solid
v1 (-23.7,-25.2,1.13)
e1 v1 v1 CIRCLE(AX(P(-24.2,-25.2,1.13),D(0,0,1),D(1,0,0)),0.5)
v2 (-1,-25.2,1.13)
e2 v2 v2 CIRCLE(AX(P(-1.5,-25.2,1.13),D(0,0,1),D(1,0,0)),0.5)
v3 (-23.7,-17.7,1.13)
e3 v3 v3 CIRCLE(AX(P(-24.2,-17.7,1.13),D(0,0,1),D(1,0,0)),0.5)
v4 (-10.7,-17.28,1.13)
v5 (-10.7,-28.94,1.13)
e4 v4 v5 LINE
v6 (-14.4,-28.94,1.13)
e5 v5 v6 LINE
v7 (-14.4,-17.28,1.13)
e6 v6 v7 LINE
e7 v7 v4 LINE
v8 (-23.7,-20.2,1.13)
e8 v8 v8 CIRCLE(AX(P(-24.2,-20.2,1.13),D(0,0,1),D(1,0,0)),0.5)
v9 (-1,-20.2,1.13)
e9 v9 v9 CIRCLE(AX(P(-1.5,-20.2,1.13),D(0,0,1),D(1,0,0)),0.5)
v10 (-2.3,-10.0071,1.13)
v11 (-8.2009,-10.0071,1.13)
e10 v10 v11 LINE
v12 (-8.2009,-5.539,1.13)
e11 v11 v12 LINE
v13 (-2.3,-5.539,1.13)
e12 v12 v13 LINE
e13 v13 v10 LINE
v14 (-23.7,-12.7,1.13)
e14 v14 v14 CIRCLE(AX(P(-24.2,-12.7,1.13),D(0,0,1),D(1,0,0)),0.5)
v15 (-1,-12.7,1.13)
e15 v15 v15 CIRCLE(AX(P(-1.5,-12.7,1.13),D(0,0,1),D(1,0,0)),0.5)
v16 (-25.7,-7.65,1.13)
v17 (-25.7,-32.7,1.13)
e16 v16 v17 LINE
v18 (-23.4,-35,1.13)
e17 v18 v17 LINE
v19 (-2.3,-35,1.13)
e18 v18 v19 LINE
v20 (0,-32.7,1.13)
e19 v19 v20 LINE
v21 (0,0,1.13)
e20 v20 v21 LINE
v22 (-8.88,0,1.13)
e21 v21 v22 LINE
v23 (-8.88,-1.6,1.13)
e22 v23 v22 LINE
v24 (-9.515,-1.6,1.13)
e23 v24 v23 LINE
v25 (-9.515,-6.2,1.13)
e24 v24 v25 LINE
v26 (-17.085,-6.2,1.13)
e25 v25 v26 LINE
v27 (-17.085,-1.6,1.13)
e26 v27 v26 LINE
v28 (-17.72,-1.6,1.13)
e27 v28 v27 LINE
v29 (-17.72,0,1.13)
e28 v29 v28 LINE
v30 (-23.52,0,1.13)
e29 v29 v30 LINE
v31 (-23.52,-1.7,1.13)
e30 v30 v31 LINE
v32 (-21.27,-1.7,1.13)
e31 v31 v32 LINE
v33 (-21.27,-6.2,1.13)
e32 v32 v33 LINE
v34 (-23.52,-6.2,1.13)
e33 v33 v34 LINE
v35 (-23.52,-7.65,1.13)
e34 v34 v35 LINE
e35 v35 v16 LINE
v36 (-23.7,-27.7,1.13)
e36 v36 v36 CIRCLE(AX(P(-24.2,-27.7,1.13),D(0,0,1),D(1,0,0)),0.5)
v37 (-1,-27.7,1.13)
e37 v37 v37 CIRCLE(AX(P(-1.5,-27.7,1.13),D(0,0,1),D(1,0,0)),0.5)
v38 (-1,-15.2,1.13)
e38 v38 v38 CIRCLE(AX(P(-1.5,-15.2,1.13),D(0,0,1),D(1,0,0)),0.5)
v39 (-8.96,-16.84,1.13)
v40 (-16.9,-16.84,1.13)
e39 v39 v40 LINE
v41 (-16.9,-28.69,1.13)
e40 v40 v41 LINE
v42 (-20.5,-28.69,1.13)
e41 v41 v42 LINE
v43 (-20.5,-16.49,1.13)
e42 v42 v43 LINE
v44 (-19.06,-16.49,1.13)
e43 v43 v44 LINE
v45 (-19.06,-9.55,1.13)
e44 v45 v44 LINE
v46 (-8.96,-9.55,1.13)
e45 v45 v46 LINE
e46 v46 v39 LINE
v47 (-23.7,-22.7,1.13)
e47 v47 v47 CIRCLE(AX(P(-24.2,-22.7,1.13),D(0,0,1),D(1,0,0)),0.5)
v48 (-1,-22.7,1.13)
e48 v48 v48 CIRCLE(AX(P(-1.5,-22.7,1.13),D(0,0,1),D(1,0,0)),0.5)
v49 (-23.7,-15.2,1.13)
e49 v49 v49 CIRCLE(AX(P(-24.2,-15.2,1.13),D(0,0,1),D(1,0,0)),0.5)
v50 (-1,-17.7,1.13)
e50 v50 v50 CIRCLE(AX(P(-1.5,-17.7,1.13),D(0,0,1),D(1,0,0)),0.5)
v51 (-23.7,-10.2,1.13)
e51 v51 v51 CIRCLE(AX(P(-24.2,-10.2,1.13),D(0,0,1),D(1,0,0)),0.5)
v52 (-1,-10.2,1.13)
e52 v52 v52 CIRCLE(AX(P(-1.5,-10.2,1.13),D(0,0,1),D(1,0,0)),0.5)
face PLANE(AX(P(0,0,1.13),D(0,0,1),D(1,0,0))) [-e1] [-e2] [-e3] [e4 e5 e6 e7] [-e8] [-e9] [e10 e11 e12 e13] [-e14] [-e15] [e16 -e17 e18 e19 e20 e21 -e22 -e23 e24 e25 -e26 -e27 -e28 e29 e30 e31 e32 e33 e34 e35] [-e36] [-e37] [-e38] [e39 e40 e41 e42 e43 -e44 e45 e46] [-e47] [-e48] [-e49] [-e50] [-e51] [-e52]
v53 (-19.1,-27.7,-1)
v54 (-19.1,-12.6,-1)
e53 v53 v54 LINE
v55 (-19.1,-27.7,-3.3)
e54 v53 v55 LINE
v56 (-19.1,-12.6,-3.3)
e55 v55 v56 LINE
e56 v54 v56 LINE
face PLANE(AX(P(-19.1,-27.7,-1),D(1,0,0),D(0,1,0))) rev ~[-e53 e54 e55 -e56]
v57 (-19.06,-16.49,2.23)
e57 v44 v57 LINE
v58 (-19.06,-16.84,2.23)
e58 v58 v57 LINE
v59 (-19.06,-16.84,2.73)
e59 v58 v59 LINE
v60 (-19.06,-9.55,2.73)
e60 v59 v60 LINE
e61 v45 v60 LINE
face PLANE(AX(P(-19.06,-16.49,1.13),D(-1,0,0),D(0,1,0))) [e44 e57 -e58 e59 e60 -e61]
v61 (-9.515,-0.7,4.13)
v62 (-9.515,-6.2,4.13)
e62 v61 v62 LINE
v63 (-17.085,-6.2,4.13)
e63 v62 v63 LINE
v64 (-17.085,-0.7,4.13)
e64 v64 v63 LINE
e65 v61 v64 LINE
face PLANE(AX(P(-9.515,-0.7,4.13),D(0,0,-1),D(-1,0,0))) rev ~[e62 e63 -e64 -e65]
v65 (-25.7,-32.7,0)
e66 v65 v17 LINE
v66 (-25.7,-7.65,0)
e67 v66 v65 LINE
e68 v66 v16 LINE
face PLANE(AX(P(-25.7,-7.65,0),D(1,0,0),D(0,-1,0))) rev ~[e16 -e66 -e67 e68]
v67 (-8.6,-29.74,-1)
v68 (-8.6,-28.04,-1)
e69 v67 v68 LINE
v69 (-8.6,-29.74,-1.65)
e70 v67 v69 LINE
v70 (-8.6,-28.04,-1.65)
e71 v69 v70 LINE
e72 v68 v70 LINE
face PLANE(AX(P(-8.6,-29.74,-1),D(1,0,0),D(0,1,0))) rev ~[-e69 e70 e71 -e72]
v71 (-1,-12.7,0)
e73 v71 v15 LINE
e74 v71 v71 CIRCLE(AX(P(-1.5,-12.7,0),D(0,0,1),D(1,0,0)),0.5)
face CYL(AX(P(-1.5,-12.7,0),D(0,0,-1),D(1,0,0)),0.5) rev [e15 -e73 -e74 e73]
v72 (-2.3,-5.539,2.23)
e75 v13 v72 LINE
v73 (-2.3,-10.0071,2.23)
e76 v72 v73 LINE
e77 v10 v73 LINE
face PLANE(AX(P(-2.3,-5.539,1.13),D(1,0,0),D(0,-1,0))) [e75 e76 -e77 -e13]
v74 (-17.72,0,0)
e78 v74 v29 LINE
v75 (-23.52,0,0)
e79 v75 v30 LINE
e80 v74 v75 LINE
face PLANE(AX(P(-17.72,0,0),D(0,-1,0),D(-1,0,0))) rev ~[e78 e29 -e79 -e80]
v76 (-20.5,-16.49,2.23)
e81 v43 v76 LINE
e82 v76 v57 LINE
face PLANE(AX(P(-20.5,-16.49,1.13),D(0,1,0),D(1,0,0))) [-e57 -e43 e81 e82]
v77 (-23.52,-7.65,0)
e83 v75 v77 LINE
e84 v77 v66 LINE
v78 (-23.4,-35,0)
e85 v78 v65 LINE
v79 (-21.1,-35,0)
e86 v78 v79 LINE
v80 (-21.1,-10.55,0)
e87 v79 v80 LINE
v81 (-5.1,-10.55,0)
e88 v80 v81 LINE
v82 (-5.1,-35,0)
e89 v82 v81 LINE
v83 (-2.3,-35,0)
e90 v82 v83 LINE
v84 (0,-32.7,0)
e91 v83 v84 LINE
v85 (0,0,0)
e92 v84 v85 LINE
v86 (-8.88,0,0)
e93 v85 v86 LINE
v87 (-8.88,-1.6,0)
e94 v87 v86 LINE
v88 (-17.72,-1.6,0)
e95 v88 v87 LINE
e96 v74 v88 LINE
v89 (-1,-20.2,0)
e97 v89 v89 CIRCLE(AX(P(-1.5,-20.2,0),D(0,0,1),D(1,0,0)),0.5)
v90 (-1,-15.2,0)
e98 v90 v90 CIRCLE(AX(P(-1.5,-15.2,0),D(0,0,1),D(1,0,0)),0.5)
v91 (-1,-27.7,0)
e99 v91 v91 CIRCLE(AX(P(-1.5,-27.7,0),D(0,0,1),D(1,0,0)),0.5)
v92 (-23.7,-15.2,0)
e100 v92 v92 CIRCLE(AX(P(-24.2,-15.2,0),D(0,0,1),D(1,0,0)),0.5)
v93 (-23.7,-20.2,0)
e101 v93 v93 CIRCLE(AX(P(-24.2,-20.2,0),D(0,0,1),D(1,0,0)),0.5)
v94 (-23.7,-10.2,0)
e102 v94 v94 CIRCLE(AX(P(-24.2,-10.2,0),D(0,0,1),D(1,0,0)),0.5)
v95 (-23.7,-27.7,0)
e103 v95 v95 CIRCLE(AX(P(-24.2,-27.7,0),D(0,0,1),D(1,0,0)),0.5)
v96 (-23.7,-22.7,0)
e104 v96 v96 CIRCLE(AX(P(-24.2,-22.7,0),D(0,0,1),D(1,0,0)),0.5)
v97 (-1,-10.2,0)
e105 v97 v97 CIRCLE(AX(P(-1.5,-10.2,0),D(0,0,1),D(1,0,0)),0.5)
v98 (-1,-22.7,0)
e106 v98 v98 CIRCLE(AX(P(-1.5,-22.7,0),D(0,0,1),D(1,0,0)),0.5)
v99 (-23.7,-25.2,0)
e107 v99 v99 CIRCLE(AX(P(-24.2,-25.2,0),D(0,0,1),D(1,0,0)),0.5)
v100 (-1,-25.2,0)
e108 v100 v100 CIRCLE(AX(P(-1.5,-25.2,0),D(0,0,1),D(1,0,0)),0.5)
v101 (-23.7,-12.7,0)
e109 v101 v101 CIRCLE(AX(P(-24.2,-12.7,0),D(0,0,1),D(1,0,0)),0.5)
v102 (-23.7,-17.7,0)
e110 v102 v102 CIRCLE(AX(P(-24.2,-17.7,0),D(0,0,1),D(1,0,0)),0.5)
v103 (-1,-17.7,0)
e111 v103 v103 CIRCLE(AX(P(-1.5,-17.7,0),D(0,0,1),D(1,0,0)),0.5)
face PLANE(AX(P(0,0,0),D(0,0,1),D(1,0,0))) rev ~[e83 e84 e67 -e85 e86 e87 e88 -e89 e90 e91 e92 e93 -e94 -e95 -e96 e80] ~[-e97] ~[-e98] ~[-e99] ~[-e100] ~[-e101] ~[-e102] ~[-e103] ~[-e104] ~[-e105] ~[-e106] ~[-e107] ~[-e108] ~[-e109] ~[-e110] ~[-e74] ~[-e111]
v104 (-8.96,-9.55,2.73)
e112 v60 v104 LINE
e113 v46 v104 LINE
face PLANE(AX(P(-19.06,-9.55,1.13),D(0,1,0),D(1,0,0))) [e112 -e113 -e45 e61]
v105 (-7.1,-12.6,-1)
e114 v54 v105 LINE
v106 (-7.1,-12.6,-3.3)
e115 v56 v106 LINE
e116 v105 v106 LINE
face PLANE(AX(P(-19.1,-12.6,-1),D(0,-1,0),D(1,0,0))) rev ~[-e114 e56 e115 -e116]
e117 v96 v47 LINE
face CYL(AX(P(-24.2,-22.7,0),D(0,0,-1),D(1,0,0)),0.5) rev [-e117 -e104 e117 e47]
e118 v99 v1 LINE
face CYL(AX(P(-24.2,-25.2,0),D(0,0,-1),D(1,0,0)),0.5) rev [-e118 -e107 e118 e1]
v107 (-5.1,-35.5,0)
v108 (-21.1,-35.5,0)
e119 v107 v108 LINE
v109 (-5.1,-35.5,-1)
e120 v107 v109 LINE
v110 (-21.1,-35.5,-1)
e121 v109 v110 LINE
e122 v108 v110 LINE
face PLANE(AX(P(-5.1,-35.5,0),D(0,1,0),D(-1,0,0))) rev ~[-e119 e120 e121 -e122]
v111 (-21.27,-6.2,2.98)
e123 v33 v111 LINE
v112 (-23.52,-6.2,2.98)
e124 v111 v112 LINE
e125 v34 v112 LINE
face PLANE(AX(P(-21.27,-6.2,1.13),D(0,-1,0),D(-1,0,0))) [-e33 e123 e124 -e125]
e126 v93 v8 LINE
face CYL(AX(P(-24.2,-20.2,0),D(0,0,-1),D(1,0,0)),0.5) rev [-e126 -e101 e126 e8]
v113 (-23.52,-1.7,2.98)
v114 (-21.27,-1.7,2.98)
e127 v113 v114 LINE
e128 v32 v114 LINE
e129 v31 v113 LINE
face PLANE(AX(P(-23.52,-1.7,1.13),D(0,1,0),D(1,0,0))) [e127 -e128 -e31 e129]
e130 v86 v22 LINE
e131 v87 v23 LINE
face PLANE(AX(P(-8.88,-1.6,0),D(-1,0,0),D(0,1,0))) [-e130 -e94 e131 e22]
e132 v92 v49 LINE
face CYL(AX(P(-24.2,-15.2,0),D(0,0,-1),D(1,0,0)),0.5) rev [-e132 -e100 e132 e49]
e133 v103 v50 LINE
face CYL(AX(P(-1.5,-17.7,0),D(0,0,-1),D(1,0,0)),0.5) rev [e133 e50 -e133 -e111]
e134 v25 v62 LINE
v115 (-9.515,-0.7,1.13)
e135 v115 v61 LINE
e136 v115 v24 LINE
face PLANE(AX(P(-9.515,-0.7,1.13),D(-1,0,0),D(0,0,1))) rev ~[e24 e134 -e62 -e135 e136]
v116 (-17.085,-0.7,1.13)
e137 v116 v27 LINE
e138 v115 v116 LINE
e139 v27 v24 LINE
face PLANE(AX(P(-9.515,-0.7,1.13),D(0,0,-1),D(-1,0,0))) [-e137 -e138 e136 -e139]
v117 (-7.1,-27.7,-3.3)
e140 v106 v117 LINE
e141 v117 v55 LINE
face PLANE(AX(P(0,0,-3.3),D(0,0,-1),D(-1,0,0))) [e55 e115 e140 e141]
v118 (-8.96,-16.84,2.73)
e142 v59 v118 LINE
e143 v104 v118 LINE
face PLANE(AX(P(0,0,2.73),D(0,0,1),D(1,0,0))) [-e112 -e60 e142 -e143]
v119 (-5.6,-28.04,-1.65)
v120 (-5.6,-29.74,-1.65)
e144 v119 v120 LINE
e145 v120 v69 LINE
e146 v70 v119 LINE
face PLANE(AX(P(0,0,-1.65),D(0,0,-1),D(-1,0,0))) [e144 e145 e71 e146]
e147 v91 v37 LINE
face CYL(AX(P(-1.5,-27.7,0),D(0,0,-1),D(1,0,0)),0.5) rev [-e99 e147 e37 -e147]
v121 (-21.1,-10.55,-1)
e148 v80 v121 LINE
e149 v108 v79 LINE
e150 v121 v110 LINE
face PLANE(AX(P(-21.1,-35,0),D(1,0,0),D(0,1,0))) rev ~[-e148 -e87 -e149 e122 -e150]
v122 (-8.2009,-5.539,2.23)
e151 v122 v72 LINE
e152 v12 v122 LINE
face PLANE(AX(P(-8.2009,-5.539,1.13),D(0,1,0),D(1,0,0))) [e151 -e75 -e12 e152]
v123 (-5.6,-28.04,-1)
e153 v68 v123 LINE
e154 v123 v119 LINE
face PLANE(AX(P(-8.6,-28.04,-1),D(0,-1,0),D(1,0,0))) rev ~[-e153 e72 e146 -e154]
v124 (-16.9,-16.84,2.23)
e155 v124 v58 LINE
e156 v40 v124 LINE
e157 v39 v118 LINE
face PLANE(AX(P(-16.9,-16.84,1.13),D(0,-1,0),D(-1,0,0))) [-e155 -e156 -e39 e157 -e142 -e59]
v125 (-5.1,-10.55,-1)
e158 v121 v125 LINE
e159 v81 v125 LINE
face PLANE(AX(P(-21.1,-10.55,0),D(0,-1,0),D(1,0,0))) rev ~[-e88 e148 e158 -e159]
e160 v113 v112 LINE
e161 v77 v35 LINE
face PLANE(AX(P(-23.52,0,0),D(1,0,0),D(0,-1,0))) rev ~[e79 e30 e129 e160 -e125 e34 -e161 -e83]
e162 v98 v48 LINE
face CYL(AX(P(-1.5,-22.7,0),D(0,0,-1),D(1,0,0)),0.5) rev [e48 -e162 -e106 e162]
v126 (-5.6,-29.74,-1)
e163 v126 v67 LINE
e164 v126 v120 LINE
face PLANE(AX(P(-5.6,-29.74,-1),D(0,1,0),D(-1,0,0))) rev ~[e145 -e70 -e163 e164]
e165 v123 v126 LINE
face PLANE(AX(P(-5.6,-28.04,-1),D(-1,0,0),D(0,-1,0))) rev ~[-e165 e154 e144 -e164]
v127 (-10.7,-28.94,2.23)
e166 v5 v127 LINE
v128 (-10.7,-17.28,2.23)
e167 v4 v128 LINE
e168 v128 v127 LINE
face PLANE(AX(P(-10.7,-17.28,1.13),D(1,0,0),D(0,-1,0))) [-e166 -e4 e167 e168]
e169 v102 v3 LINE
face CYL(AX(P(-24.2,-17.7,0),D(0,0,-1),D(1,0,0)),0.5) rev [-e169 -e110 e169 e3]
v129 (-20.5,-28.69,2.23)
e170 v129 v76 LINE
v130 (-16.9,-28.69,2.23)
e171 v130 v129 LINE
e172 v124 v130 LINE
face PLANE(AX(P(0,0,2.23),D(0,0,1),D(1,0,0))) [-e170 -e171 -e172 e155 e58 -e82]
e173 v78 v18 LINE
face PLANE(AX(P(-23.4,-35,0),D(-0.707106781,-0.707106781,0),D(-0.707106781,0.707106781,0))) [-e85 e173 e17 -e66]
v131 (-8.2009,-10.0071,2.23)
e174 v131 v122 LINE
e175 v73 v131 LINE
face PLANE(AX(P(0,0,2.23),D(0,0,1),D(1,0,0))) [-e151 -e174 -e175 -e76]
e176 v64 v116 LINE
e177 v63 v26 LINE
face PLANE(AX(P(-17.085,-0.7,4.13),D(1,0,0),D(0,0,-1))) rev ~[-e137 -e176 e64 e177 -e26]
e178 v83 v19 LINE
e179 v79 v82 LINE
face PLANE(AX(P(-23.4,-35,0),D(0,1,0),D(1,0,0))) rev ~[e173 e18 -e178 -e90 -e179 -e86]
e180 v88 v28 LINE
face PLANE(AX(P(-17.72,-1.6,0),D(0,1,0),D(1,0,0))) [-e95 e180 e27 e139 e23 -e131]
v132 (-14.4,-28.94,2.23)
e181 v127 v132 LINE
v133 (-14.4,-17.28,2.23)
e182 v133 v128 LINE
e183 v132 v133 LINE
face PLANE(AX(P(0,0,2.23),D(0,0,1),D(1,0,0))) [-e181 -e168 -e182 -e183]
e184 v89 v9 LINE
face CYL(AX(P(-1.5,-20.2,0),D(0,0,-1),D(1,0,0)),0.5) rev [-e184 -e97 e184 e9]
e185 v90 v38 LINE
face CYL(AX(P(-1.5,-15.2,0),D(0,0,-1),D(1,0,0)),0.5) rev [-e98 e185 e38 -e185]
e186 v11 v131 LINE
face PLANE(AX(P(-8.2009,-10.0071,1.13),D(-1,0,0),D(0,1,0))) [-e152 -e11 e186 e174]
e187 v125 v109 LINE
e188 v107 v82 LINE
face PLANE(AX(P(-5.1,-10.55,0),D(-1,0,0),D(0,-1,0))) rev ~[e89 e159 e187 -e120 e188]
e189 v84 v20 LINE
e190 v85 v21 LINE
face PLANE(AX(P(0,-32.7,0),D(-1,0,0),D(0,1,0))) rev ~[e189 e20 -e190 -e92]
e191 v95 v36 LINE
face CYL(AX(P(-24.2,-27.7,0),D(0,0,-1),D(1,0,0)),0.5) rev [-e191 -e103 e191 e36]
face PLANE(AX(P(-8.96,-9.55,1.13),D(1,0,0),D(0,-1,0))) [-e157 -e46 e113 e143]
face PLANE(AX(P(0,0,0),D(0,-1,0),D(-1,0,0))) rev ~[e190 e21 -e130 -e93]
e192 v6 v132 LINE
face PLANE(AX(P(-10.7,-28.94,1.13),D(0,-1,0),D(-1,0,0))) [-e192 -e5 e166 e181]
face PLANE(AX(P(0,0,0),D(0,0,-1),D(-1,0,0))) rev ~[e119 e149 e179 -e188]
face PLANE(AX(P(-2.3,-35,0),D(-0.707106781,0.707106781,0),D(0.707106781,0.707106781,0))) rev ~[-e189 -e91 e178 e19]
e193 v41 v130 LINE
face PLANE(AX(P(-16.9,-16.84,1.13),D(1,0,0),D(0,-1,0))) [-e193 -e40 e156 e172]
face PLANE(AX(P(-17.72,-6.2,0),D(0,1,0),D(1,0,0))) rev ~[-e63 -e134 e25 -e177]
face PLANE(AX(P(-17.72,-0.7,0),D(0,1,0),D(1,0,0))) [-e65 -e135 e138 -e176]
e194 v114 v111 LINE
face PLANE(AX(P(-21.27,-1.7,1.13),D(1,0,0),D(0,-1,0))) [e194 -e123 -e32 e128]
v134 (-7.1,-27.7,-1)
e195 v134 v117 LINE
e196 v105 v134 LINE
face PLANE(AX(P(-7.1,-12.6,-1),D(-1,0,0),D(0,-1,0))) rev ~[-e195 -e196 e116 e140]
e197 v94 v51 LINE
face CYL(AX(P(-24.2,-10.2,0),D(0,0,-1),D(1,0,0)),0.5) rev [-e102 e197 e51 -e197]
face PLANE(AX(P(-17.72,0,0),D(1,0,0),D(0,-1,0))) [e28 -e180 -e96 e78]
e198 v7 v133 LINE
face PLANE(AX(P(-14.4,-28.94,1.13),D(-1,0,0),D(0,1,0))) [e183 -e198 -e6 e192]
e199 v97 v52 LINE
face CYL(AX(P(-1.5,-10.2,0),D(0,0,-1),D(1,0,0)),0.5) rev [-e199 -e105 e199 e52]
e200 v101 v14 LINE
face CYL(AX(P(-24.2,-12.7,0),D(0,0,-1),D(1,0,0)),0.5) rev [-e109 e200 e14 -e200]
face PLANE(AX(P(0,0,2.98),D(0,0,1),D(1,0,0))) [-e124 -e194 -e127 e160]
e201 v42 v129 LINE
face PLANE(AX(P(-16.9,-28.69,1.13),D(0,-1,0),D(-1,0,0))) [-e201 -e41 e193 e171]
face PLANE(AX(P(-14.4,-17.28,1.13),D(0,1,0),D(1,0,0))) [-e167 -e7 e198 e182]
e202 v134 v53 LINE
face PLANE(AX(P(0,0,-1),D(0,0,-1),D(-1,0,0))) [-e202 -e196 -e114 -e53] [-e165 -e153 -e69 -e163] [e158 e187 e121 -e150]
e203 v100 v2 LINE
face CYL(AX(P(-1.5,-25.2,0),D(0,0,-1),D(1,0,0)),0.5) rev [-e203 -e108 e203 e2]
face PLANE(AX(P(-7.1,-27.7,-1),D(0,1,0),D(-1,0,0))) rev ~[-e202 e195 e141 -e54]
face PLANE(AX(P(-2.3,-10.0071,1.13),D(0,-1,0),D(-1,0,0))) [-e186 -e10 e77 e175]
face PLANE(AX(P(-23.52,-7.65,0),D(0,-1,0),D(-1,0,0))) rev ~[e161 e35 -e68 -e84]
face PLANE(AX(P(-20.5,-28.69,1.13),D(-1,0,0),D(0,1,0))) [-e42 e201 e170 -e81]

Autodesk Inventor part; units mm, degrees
ref_plane "YZ Plane" through (0, 0, 0) normal (1, 0, 0) x (0, 1, 0)
ref_plane "XZ Plane" through (0, 0, 0) normal (0, 1, 0) x (-1, 0, 0)
ref_plane "XY Plane" through (0, 0, 0) normal (0, 0, 1) x (1, 0, 0)
sketch "Sketch1" plane through (0, 0, 0) normal (0, 0, 1) x (1, 0, 0)
  line L0 (0, 0) -> (-25.7, 0)
  line L1 (-25.7, 0) -> (-25.7, -35)
  line L2 (-25.7, -35) -> (0, -35)
  line L3 (0, -35) -> (0, 0)
  line L4 (-25.7, 0) -> (-23.52, 0)
  line L5 (-23.52, 0) -> (-23.52, -7.65)
  line L6 (-23.52, -7.65) -> (-25.7, -7.65)
  line L7 (-25.7, -7.65) -> (-25.7, 0)
  line L8 (-8.88, 0) -> (-17.72, 0)
  line L9 (-17.72, 0) -> (-17.72, -1.6)
  line L10 (-17.72, -1.6) -> (-8.88, -1.6)
  line L11 (-8.88, -1.6) -> (-8.88, 0)
  circle A0 centre (-24.2, -27.7) radius 0.5
  circle A1 centre (-24.2, -25.2) radius 0.5
  circle A2 centre (-24.2, -22.7) radius 0.5
  circle A3 centre (-24.2, -20.2) radius 0.5
  circle A4 centre (-24.2, -17.7) radius 0.5
  circle A5 centre (-24.2, -15.2) radius 0.5
  circle A6 centre (-24.2, -12.7) radius 0.5
  circle A7 centre (-24.2, -10.2) radius 0.5
  line L12 (-12.85, -35) -> (-12.85, 0) construction
  circle A8 centre (-1.5, -27.7) radius 0.5
  circle A9 centre (-1.5, -25.2) radius 0.5
  circle A10 centre (-1.5, -22.7) radius 0.5
  circle A11 centre (-1.5, -20.2) radius 0.5
  circle A12 centre (-1.5, -17.7) radius 0.5
  circle A13 centre (-1.5, -15.2) radius 0.5
  circle A14 centre (-1.5, -12.7) radius 0.5
  circle A15 centre (-1.5, -10.2) radius 0.5
  line L13 (-23.4, -35) -> (-25.7, -32.7)
  line L14 (-2.3, -35) -> (0, -32.7)
  dimension "d0" = 25.7
  dimension "d1" = 35
  dimension "d4" = 2.18
  dimension "d5" = 7.65
  dimension "d7" = 5.8
  dimension "d8" = 8.88
  dimension "d9" = 1.6
  dimension "d10" = 1
  dimension "d11" = 1.5
  dimension "d12" = 7.3
  dimension "d15" = 2.5
  dimension "d20" = 2.3
  dimension "d21" = 2.3
extrude "Extrusion2" add sketch "Sketch1" along normal blind 1.13 contours L3 L14 L2 L13 L1 L6 L5 L0 L9 L10 L11
ref_plane "Work Plane1" through (-17.72, -0.7, 0) normal (0, 1, 0) x (1, 0, 0)
sketch "Sketch2" plane through (-17.72, -0.7, 0) normal (0, 1, 0) x (1, 0, 0)
  line L0 (8.84, 0) -> (0, 0) projected
  line L1 (0, 0) -> (0, -1.13) projected
  line L2 (8.84, -1.13) -> (0, -1.13) projected
  line L3 (8.84, 0) -> (8.84, -1.13) projected
  line L4 (8.205, -4.13) -> (0.635, -4.13)
  line L5 (0.635, -4.13) -> (0.635, -1.13)
  line L6 (0.635, -1.13) -> (8.205, -1.13)
  line L7 (8.205, -1.13) -> (8.205, -4.13)
  point P0 (17.72, 0)
  point P1 (4.42, -4.13)
  point P2 (4.42, -1.13)
  dimension "d25" = 7.57
  dimension "d26" = 3
  dimension "d27" = 0
  dimension "d28" = 0
extrude "Extrusion3" add sketch "Sketch2" against normal blind 5.5 contours L7 L4 L5 L2
sketch "Sketch3" plane through (0, 0, 0) normal (0, 0, -1) x (-1, 0, 0)
  line L0 (21.1, -10.55) -> (5.1, -10.55)
  line L1 (5.1, -10.55) -> (5.1, -35.5)
  line L2 (5.1, -35.5) -> (21.1, -35.5)
  line L3 (21.1, -35.5) -> (21.1, -10.55)
  line L4 (0, 0) -> (8.88, 0) projected
  line L5 (0, -32.7) -> (0, 0) projected
  line L6 (23.4, -35) -> (2.3, -35) projected
  point P0 (5.1, -35)
  point P1 (21.1, -35)
  dimension "d31" = 10.55
  dimension "d32" = 16
  dimension "d33" = 5.1
  dimension "d34" = 0.5
extrude "Extrusion4" add sketch "Sketch3" along normal blind 1
sketch "Sketch4" plane through (0, 0, -1) normal (0, 0, -1) x (-1, 0, 0)
  line L0 (19.1, -12.6) -> (7.1, -12.6)
  line L1 (7.1, -12.6) -> (7.1, -27.7)
  line L2 (7.1, -27.7) -> (19.1, -27.7)
  line L3 (19.1, -27.7) -> (19.1, -12.6)
  line L4 (5.1, -35.5) -> (21.1, -35.5) projected
  line L5 (21.1, -35.5) -> (21.1, -10.55) projected
  point P0 (0, 0)
  dimension "d37" = 12
  dimension "d38" = 15.1
  dimension "d39" = 7.8
  dimension "d40" = 2
extrude "Extrusion5" add sketch "Sketch4" along normal blind 2.3
sketch "Sketch5" plane through (0, 0, 1.13) normal (0, 0, 1) x (1, 0, 0)
  line L0 (-23.52, 0) -> (-23.52, -7.65) projected
  line L1 (-23.52, -1.7) -> (-21.27, -1.7)
  line L2 (-21.27, -1.7) -> (-21.27, -6.2)
  line L3 (-21.27, -6.2) -> (-23.52, -6.2)
  line L4 (-23.52, -6.2) -> (-23.52, -1.7)
  line L5 (-17.72, 0) -> (-23.52, 0) projected
  line L6 (-20.5, -16.49) -> (-16.9, -16.49)
  line L7 (-16.9, -16.49) -> (-16.9, -28.69)
  line L8 (-16.9, -28.69) -> (-20.5, -28.69)
  line L9 (-20.5, -28.69) -> (-20.5, -16.49)
  line L10 (-23.4, -35) -> (-2.3, -35) projected
  line L11 (-25.7, -7.65) -> (-25.7, -32.7) projected
  line L12 (-19.06, -9.55) -> (-8.96, -9.55)
  line L13 (-8.96, -9.55) -> (-8.96, -16.84)
  line L14 (-8.96, -16.84) -> (-19.06, -16.84)
  line L15 (-19.06, -16.84) -> (-19.06, -9.55)
  line L16 (-5.1, -35.5) -> (-21.1, -35.5) projected
  line L17 (-14.4, -17.28) -> (-10.7, -17.28)
  line L18 (-10.7, -17.28) -> (-10.7, -28.94)
  line L19 (-10.7, -28.94) -> (-14.4, -28.94)
  line L20 (-14.4, -28.94) -> (-14.4, -17.28)
  line L21 (-8.2009, -5.539) -> (-2.3, -5.539)
  line L22 (-2.3, -5.539) -> (-2.3, -10.0071)
  line L23 (-2.3, -10.0071) -> (-8.2009, -10.0071)
  line L24 (-8.2009, -10.0071) -> (-8.2009, -5.539)
  point P0 (0, 0)
  point P1 (-22.395, -1.7)
  point P2 (-16.9, -16.84)
  point P3 (-19.06, -16.49)
  dimension "d43" = 1.7
  dimension "d44" = 2.25
  dimension "d45" = 4.5
  dimension "d46" = 6.31
  dimension "d47" = 3.6
  dimension "d48" = 5.2
  dimension "d49" = 12.2
  dimension "d50" = 6.64
  dimension "d51" = 7.29
  dimension "d52" = 18.66
  dimension "d53" = 6.56
  dimension "d54" = 11.66
  dimension "d55" = 3.7
  dimension "d56" = 15
  dimension "d57" = 10.1
extrude "Extrusion6" add sketch "Sketch5" along normal blind 1.85 contours L1 L2 L3 L0
extrude "Extrusion7" add sketch "Sketch5" along normal blind 1.1 contours L6 L15 L14 L7 L8 L9 | L17 L18 L19 L20 | L21 L22 L23 L24
extrude "Extrusion8" add sketch "Sketch5" along normal blind 1.6 contours L15 L12 L13 L14 L7 L6 | L6 L7 L14 L15
sketch "Sketch6" plane through (0, 0, -1) normal (0, 0, -1) x (-1, 0, 0)
  line L0 (8.6, -28.04) -> (5.6, -28.04)
  line L1 (5.6, -28.04) -> (5.6, -29.74)
  line L2 (5.6, -29.74) -> (8.6, -29.74)
  line L3 (8.6, -29.74) -> (8.6, -28.04)
  line L4 (5.1, -35.5) -> (21.1, -35.5) projected
  line L5 (5.1, -10.55) -> (5.1, -35.5) projected
  point P0 (0, 0)
  dimension "d64" = 3
  dimension "d65" = 5.76
  dimension "d66" = 1.7
  dimension "d67" = 0.5
extrude "Extrusion9" add sketch "Sketch6" along normal blind 0.65
properties part number "ESP-12F"
